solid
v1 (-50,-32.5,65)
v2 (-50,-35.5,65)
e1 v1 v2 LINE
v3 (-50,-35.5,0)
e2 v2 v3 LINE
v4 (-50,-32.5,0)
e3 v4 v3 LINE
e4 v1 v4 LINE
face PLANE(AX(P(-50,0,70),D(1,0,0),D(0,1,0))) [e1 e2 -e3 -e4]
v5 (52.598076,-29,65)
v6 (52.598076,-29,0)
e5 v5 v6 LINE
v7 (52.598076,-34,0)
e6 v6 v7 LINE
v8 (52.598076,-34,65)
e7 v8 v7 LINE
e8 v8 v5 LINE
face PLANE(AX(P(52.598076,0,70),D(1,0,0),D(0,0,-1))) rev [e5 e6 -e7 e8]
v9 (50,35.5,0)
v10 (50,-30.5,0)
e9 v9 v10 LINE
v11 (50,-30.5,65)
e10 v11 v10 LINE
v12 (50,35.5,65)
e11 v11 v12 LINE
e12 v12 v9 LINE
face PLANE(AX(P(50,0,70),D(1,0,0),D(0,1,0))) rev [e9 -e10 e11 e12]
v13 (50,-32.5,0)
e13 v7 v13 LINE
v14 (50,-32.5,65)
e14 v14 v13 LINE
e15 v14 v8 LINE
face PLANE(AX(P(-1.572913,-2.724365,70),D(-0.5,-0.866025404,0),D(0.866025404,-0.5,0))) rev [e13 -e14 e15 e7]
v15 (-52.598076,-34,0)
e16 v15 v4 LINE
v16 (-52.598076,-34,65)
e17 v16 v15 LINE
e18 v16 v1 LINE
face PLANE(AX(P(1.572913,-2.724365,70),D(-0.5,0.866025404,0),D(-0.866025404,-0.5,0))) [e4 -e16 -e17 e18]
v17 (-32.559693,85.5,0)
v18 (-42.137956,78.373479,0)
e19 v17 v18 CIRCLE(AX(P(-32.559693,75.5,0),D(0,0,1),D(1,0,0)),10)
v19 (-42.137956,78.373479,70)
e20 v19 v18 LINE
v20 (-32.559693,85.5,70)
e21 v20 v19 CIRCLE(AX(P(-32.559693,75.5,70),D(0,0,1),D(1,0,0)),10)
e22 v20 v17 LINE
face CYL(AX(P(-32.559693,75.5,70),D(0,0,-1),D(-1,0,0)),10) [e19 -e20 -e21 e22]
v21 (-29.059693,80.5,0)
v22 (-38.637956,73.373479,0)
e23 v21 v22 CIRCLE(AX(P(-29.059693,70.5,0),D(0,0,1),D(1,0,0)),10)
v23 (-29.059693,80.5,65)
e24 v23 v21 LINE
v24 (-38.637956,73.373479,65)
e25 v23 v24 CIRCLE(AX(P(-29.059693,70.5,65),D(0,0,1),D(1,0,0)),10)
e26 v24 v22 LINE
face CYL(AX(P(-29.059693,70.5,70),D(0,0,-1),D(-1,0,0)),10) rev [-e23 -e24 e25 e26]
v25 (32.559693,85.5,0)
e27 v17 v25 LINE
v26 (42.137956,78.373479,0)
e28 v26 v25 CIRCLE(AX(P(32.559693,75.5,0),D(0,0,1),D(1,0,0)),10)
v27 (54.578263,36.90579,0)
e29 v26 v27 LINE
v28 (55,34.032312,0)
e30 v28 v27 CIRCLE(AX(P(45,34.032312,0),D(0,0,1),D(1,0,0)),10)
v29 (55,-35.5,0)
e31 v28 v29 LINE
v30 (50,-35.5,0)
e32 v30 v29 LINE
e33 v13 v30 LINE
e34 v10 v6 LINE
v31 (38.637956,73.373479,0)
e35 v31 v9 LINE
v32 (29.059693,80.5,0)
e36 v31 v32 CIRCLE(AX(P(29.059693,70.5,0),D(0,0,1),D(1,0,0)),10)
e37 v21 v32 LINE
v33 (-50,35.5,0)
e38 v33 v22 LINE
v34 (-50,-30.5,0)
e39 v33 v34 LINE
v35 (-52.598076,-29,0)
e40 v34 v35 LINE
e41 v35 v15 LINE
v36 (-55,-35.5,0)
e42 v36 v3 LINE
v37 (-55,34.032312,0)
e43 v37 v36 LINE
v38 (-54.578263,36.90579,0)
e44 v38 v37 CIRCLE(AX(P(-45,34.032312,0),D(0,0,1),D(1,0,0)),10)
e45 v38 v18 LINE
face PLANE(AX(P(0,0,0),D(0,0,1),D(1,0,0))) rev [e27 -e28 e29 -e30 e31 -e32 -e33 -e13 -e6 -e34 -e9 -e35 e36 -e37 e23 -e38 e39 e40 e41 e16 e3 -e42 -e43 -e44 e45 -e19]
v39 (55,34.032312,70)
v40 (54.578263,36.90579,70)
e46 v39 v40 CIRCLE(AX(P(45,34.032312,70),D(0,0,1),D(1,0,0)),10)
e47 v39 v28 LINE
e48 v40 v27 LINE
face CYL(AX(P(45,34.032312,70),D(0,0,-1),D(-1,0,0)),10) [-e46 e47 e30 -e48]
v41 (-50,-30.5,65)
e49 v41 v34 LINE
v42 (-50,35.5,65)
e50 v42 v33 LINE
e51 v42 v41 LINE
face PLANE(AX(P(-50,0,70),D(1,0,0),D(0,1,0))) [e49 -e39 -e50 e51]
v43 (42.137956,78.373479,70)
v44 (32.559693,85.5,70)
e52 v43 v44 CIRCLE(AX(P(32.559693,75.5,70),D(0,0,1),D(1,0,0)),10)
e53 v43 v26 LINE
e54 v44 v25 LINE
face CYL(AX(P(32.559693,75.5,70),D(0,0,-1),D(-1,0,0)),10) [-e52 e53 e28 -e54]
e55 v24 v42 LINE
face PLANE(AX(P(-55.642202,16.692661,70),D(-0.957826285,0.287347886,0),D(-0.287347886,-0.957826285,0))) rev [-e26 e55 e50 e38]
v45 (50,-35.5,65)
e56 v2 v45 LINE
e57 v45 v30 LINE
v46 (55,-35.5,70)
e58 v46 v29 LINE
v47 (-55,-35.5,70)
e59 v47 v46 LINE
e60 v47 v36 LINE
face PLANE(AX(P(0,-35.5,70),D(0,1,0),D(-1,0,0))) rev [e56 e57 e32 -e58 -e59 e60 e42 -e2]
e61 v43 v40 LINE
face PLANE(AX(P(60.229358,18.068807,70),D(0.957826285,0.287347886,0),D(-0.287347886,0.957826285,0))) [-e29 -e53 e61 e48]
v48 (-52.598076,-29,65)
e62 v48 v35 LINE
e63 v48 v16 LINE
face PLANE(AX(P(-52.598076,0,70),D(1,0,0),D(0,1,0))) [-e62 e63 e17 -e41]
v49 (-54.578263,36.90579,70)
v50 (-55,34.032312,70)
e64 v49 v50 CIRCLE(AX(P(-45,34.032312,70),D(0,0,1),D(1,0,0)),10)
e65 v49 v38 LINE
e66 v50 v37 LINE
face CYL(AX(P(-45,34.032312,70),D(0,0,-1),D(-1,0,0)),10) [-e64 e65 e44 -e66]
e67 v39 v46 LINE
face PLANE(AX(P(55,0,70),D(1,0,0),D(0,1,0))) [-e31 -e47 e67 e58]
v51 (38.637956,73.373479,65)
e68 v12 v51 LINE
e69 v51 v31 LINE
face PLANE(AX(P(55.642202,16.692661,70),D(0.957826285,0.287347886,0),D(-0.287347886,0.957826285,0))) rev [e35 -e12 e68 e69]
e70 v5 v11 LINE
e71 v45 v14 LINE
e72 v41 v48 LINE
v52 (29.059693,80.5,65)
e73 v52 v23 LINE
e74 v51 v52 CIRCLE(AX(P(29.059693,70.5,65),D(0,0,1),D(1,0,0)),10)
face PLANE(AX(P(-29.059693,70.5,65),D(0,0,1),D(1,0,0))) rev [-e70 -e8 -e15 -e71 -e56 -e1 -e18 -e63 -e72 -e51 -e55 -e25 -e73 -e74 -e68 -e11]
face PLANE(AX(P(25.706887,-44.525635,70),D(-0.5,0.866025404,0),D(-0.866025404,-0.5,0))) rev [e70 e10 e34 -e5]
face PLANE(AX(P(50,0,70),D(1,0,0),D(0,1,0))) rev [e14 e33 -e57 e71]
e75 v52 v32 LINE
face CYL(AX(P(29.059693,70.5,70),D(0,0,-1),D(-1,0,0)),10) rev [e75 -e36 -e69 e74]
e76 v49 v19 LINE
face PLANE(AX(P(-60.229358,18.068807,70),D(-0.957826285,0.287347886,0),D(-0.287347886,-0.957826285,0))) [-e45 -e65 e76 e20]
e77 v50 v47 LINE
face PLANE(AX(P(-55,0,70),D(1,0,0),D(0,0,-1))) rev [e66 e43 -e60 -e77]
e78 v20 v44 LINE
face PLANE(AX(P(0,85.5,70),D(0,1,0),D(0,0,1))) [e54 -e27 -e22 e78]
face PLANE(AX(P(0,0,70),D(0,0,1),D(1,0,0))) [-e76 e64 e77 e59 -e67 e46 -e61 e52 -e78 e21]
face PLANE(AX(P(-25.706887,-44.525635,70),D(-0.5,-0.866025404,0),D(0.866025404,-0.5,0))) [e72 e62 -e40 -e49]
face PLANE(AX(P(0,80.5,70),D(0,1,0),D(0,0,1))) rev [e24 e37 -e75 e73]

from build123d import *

# Parameters (mm, degrees)
EXTRUDE_4_DEPTH = 70
EXTRUDE_START   = -5
EXTRUDE_5_DEPTH = 5


with BuildPart() as part:
    # 草图1 → 凸台-拉伸4 (new body)
    with BuildSketch(Plane.XY):
        with BuildLine():
            Line((-52.598076211, -29), (-50, -30.5))
            Line((-50, -30.5), (-50, 35.5))
            Line((-50, 35.5), (-38.637956343, 73.373478856))
            ThreePointArc((-38.637956343, 73.373478856), (-35.028998787, 78.522929283), (-29.059693491, 80.5))
            Line((-29.059693491, 80.5), (0, 80.5))
            Line((0, 80.5), (29.059693491, 80.5))
            ThreePointArc((29.059693491, 80.5), (35.028998787, 78.522929283), (38.637956343, 73.373478856))
            Line((38.637956343, 73.373478856), (50, 35.5))
            Line((50, 35.5), (50, -30.5))
            Line((50, -30.5), (52.598076211, -29))
            Line((52.598076211, -29), (52.598076211, -34))
            Line((52.598076211, -34), (50, -32.5))
            Line((50, -32.5), (50, -35.5))
            Line((50, -35.5), (55, -35.5))
            Line((55, -35.5), (55, 34.032311637))
            ThreePointArc((55, 34.032311637), (54.894003955, 35.484443084), (54.578262852, 36.905790493))
            Line((54.578262852, 36.905790493), (42.137956343, 78.373478856))
            ThreePointArc((42.137956343, 78.373478856), (38.528998787, 83.522929283), (32.559693491, 85.5))
            Line((32.559693491, 85.5), (0, 85.5))
            Line((0, 85.5), (-32.559693491, 85.5))
            ThreePointArc((-32.559693491, 85.5), (-38.528998787, 83.522929283), (-42.137956343, 78.373478856))
            Line((-42.137956343, 78.373478856), (-54.578262852, 36.905790493))
            ThreePointArc((-54.578262852, 36.905790493), (-54.894003955, 35.484443084), (-55, 34.032311637))
            Line((-55, 34.032311637), (-55, -35.5))
            Line((-55, -35.5), (-50, -35.5))
            Line((-50, -35.5), (-50, -32.5))
            Line((-50, -32.5), (-52.598076211, -34))
            Line((-52.598076211, -34), (-52.598076211, -29))
        make_face()
    extrude(amount=EXTRUDE_4_DEPTH)

    # 草图2 → 凸台-拉伸5 (add)
    with BuildSketch(Plane.XY.offset(70).offset(EXTRUDE_START)):
        with BuildLine():
            Line((-50, -35.5), (50, -35.5))
            Line((50, -35.5), (50, -32.5))
            Line((50, -32.5), (52.598076211, -34))
            Line((52.598076211, -34), (52.598076211, -29))
            Line((52.598076211, -29), (50, -30.5))
            Line((50, -30.5), (50, 35.5))
            Line((50, 35.5), (38.637956343, 73.373478856))
            ThreePointArc((38.637956343, 73.373478856), (35.028998787, 78.522929283), (29.059693491, 80.5))
            Line((29.059693491, 80.5), (-29.059693491, 80.5))
            ThreePointArc((-29.059693491, 80.5), (-35.028998787, 78.522929283), (-38.637956343, 73.373478856))
            Line((-38.637956343, 73.373478856), (-50, 35.5))
            Line((-50, 35.5), (-50, -30.5))
            Line((-50, -30.5), (-52.598076211, -29))
            Line((-52.598076211, -29), (-52.598076211, -34))
            Line((-52.598076211, -34), (-50, -32.5))
            Line((-50, -32.5), (-50, -35.5))
        make_face()
    extrude(amount=EXTRUDE_5_DEPTH)


solid = part.part
